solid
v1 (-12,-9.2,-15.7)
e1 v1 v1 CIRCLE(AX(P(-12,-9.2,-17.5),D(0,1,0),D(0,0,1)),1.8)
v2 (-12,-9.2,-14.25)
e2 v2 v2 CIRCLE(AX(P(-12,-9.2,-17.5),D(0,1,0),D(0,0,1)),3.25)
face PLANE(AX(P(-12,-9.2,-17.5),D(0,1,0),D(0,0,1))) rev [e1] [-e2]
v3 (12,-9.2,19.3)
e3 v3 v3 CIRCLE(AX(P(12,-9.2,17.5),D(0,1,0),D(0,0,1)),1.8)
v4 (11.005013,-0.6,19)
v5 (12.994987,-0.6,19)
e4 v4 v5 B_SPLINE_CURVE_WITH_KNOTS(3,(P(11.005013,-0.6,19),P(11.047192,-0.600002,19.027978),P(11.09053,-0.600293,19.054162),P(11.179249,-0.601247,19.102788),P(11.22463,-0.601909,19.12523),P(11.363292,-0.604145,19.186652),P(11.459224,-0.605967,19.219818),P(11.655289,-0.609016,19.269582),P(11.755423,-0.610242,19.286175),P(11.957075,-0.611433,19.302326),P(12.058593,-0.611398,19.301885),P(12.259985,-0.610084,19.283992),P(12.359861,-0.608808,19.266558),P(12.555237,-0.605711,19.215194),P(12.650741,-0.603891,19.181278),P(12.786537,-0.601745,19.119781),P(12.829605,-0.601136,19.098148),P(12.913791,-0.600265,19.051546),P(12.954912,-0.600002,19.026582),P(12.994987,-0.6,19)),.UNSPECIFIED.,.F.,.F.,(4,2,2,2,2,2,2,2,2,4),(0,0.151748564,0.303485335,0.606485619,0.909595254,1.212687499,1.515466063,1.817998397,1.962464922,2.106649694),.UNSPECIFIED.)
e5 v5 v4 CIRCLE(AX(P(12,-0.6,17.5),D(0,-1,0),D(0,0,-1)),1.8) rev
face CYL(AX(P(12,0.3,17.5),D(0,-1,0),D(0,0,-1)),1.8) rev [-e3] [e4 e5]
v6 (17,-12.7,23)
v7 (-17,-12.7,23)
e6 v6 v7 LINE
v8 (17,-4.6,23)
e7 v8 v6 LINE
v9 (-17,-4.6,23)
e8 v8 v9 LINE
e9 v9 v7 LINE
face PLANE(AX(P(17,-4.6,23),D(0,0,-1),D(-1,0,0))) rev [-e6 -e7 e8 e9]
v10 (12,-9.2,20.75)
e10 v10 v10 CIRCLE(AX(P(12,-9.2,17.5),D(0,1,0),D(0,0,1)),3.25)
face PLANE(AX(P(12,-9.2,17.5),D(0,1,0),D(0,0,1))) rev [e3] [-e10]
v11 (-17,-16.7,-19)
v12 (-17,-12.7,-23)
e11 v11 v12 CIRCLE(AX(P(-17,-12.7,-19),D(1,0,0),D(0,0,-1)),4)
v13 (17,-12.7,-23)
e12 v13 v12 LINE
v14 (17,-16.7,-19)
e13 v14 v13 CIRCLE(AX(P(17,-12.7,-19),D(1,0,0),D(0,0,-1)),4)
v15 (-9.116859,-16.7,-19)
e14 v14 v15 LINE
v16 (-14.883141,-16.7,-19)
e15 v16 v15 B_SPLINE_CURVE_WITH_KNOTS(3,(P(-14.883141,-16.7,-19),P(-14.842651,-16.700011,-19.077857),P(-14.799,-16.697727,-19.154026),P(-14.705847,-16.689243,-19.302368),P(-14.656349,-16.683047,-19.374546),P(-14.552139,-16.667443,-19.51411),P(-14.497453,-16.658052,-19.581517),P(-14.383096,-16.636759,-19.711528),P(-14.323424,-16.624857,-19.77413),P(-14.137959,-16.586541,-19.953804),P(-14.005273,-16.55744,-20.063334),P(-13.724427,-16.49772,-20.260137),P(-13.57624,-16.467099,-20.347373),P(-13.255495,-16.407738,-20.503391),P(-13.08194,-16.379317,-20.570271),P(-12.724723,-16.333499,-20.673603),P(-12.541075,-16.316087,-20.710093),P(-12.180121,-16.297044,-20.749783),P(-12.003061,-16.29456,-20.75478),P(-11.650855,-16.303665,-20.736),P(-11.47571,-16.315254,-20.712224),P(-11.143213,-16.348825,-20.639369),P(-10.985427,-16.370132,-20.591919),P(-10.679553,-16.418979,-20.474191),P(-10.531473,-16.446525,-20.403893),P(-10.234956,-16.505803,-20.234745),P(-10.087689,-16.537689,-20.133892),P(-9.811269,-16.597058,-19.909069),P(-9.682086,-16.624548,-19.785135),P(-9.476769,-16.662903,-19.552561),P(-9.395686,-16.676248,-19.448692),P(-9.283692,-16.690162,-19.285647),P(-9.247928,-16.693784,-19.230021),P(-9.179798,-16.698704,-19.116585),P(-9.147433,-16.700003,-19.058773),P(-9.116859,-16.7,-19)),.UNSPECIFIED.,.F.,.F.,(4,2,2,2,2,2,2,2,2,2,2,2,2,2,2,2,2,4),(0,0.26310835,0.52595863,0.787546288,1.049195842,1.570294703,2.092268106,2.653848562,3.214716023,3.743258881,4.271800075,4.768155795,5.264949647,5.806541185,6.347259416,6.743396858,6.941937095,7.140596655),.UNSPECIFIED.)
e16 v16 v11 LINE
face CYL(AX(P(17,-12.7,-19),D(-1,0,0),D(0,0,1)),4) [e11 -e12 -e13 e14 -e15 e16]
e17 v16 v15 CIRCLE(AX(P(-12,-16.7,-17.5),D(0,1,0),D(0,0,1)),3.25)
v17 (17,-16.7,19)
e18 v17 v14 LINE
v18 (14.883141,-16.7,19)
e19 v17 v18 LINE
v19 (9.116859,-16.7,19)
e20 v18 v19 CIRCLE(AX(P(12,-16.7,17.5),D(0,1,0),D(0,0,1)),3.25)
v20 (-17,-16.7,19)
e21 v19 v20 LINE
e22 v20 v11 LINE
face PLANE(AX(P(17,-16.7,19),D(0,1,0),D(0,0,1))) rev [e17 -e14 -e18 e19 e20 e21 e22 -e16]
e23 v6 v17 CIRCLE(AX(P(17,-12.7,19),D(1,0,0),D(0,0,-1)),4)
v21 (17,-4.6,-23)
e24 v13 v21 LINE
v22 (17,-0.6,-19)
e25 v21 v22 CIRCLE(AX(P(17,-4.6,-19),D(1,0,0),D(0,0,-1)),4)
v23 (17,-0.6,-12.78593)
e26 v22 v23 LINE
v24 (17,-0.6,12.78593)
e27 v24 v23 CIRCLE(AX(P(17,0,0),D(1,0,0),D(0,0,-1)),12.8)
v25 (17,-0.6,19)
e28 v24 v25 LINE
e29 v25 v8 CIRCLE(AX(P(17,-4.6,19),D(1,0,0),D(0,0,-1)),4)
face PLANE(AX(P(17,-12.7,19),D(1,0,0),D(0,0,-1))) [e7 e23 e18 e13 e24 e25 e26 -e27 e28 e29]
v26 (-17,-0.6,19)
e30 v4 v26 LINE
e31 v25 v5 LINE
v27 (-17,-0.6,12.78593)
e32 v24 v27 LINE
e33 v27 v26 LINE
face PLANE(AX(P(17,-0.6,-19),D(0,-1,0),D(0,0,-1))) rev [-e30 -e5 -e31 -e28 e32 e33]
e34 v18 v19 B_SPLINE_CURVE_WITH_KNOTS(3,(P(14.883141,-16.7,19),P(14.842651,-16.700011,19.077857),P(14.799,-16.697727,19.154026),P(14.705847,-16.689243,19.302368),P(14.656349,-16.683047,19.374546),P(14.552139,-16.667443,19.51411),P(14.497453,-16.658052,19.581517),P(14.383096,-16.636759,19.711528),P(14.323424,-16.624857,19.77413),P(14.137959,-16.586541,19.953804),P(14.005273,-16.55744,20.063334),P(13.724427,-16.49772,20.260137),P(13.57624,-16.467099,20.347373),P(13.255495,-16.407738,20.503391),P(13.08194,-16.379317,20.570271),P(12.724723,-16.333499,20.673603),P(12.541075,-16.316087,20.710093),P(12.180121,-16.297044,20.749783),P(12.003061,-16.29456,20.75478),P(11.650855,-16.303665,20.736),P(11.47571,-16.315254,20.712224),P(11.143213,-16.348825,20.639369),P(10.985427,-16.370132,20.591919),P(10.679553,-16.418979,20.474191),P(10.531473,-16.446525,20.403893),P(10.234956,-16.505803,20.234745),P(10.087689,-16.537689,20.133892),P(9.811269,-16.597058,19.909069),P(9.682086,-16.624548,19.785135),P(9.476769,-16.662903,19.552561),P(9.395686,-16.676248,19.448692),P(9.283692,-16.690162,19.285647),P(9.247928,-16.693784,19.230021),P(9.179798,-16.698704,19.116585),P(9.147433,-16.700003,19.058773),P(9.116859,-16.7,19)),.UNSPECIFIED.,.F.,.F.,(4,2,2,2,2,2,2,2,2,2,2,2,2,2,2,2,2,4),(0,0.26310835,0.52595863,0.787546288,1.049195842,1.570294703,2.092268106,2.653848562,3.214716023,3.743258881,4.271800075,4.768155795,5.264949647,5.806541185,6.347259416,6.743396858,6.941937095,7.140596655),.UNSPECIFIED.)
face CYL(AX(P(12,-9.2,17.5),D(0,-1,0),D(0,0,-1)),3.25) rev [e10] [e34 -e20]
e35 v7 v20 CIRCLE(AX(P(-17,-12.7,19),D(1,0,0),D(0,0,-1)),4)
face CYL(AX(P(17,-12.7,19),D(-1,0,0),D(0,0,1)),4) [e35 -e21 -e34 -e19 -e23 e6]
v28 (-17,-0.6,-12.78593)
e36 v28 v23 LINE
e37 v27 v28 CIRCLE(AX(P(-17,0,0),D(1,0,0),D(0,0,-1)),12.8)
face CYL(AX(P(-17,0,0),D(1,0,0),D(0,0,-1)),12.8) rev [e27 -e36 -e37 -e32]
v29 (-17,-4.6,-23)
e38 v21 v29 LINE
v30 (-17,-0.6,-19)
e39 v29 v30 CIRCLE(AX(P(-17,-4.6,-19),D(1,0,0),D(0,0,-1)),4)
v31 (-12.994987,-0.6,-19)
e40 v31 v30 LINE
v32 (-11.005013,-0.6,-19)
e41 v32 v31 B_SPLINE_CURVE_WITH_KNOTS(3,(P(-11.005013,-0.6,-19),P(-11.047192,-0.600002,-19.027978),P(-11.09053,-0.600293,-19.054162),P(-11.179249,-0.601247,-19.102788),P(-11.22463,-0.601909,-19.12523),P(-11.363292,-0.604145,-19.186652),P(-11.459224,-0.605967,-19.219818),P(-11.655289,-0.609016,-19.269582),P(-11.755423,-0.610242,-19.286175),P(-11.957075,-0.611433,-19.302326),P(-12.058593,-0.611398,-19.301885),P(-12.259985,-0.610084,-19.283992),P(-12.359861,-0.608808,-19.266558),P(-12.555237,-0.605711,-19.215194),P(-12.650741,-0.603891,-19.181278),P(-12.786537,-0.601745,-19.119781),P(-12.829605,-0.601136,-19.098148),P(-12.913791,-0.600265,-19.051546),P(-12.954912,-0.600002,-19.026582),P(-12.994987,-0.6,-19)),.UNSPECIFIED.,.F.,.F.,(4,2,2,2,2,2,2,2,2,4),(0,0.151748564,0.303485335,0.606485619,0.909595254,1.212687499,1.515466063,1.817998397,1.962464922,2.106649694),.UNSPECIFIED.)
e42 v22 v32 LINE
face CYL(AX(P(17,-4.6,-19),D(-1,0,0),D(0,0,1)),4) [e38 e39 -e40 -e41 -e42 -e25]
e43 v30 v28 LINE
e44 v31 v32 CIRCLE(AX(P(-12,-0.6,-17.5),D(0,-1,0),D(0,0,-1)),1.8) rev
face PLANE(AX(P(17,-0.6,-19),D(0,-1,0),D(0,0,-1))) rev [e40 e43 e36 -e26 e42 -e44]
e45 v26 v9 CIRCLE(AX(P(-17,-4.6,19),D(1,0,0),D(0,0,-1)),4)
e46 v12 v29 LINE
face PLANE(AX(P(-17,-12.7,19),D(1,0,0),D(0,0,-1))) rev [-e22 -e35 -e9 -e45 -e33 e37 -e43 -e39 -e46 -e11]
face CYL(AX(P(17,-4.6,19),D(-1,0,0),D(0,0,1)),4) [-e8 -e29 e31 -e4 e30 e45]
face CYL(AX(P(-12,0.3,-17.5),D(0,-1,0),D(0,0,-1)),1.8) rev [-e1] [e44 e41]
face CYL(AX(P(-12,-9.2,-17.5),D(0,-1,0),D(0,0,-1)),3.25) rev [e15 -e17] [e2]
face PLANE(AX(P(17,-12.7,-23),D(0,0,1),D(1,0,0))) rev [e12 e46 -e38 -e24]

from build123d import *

# Parameters (mm, degrees)
BOSS_EXTRUDE1_DEPTH     = 17
CUT_EXTRUDE1_DEPTH      = 34.119329703
CUT_EXTRUDE1_DEPTH_BACK = 34.119329703
SKETCH2_R               = 12.8
SKETCH3_R               = 1.8
CUT_EXTRUDE2_DEPTH      = 17
SKETCH4_R               = 3.25
CUT_EXTRUDE3_DEPTH      = 7.5


with BuildPart() as part:
    # Sketch1 → Boss-Extrude1 (new, symmetric)
    with BuildSketch(Plane(origin=(0, 0, 0), x_dir=(0, 0, -1), z_dir=(1, 0, 0))):
        with BuildLine():
            Line((-19, -16.7), (19, -16.7))
            ThreePointArc((19, -16.7), (21.828427125, -15.528427125), (23, -12.7))
            Line((23, -12.7), (23, -4.6))
            ThreePointArc((23, -4.6), (21.828427125, -1.771572875), (19, -0.6))
            Line((19, -0.6), (-19, -0.6))
            ThreePointArc((-19, -0.6), (-21.828427125, -1.771572875), (-23, -4.6))
            Line((-23, -4.6), (-23, -12.7))
            ThreePointArc((-23, -12.7), (-21.828427125, -15.528427125), (-19, -16.7))
        make_face()
    extrude(amount=BOSS_EXTRUDE1_DEPTH, both=True)

    # Sketch2 → Cut-Extrude1 (cut, two sides: drawn at the far end of the back side and taken through both)
    with BuildSketch(Plane(origin=(0, 0, 0), x_dir=(0, 0, -1), z_dir=(1, 0, 0)).offset(-CUT_EXTRUDE1_DEPTH_BACK)):
        Circle(SKETCH2_R)
    extrude(amount=CUT_EXTRUDE1_DEPTH + CUT_EXTRUDE1_DEPTH_BACK, mode=Mode.SUBTRACT)

    # Sketch3 → Cut-Extrude2 (cut)
    with BuildSketch(Plane(origin=(0, -16.7, 0), x_dir=(1, 0, 0), z_dir=(0, 1, 0))):
        with Locations(Location((12, -17.5, 0), (0, 0, 236.442690238))):
            Circle(SKETCH3_R)
        with Locations(Location((-12, 17.5, 0), (0, 0, 56.442690238))):
            Circle(SKETCH3_R)
    extrude(amount=CUT_EXTRUDE2_DEPTH, mode=Mode.SUBTRACT)

    # Sketch4 → Cut-Extrude3 (cut)
    with BuildSketch(Plane(origin=(0, -16.7, 0), x_dir=(1, 0, 0), z_dir=(0, 1, 0))):
        with Locations(Location((12, -17.5, 0), (0, 0, 207.48642625))):
            Circle(SKETCH4_R)
        with Locations(Location((-12, 17.5, 0), (0, 0, 27.48642625))):
            Circle(SKETCH4_R)
    extrude(amount=CUT_EXTRUDE3_DEPTH, mode=Mode.SUBTRACT)


solid = part.part
